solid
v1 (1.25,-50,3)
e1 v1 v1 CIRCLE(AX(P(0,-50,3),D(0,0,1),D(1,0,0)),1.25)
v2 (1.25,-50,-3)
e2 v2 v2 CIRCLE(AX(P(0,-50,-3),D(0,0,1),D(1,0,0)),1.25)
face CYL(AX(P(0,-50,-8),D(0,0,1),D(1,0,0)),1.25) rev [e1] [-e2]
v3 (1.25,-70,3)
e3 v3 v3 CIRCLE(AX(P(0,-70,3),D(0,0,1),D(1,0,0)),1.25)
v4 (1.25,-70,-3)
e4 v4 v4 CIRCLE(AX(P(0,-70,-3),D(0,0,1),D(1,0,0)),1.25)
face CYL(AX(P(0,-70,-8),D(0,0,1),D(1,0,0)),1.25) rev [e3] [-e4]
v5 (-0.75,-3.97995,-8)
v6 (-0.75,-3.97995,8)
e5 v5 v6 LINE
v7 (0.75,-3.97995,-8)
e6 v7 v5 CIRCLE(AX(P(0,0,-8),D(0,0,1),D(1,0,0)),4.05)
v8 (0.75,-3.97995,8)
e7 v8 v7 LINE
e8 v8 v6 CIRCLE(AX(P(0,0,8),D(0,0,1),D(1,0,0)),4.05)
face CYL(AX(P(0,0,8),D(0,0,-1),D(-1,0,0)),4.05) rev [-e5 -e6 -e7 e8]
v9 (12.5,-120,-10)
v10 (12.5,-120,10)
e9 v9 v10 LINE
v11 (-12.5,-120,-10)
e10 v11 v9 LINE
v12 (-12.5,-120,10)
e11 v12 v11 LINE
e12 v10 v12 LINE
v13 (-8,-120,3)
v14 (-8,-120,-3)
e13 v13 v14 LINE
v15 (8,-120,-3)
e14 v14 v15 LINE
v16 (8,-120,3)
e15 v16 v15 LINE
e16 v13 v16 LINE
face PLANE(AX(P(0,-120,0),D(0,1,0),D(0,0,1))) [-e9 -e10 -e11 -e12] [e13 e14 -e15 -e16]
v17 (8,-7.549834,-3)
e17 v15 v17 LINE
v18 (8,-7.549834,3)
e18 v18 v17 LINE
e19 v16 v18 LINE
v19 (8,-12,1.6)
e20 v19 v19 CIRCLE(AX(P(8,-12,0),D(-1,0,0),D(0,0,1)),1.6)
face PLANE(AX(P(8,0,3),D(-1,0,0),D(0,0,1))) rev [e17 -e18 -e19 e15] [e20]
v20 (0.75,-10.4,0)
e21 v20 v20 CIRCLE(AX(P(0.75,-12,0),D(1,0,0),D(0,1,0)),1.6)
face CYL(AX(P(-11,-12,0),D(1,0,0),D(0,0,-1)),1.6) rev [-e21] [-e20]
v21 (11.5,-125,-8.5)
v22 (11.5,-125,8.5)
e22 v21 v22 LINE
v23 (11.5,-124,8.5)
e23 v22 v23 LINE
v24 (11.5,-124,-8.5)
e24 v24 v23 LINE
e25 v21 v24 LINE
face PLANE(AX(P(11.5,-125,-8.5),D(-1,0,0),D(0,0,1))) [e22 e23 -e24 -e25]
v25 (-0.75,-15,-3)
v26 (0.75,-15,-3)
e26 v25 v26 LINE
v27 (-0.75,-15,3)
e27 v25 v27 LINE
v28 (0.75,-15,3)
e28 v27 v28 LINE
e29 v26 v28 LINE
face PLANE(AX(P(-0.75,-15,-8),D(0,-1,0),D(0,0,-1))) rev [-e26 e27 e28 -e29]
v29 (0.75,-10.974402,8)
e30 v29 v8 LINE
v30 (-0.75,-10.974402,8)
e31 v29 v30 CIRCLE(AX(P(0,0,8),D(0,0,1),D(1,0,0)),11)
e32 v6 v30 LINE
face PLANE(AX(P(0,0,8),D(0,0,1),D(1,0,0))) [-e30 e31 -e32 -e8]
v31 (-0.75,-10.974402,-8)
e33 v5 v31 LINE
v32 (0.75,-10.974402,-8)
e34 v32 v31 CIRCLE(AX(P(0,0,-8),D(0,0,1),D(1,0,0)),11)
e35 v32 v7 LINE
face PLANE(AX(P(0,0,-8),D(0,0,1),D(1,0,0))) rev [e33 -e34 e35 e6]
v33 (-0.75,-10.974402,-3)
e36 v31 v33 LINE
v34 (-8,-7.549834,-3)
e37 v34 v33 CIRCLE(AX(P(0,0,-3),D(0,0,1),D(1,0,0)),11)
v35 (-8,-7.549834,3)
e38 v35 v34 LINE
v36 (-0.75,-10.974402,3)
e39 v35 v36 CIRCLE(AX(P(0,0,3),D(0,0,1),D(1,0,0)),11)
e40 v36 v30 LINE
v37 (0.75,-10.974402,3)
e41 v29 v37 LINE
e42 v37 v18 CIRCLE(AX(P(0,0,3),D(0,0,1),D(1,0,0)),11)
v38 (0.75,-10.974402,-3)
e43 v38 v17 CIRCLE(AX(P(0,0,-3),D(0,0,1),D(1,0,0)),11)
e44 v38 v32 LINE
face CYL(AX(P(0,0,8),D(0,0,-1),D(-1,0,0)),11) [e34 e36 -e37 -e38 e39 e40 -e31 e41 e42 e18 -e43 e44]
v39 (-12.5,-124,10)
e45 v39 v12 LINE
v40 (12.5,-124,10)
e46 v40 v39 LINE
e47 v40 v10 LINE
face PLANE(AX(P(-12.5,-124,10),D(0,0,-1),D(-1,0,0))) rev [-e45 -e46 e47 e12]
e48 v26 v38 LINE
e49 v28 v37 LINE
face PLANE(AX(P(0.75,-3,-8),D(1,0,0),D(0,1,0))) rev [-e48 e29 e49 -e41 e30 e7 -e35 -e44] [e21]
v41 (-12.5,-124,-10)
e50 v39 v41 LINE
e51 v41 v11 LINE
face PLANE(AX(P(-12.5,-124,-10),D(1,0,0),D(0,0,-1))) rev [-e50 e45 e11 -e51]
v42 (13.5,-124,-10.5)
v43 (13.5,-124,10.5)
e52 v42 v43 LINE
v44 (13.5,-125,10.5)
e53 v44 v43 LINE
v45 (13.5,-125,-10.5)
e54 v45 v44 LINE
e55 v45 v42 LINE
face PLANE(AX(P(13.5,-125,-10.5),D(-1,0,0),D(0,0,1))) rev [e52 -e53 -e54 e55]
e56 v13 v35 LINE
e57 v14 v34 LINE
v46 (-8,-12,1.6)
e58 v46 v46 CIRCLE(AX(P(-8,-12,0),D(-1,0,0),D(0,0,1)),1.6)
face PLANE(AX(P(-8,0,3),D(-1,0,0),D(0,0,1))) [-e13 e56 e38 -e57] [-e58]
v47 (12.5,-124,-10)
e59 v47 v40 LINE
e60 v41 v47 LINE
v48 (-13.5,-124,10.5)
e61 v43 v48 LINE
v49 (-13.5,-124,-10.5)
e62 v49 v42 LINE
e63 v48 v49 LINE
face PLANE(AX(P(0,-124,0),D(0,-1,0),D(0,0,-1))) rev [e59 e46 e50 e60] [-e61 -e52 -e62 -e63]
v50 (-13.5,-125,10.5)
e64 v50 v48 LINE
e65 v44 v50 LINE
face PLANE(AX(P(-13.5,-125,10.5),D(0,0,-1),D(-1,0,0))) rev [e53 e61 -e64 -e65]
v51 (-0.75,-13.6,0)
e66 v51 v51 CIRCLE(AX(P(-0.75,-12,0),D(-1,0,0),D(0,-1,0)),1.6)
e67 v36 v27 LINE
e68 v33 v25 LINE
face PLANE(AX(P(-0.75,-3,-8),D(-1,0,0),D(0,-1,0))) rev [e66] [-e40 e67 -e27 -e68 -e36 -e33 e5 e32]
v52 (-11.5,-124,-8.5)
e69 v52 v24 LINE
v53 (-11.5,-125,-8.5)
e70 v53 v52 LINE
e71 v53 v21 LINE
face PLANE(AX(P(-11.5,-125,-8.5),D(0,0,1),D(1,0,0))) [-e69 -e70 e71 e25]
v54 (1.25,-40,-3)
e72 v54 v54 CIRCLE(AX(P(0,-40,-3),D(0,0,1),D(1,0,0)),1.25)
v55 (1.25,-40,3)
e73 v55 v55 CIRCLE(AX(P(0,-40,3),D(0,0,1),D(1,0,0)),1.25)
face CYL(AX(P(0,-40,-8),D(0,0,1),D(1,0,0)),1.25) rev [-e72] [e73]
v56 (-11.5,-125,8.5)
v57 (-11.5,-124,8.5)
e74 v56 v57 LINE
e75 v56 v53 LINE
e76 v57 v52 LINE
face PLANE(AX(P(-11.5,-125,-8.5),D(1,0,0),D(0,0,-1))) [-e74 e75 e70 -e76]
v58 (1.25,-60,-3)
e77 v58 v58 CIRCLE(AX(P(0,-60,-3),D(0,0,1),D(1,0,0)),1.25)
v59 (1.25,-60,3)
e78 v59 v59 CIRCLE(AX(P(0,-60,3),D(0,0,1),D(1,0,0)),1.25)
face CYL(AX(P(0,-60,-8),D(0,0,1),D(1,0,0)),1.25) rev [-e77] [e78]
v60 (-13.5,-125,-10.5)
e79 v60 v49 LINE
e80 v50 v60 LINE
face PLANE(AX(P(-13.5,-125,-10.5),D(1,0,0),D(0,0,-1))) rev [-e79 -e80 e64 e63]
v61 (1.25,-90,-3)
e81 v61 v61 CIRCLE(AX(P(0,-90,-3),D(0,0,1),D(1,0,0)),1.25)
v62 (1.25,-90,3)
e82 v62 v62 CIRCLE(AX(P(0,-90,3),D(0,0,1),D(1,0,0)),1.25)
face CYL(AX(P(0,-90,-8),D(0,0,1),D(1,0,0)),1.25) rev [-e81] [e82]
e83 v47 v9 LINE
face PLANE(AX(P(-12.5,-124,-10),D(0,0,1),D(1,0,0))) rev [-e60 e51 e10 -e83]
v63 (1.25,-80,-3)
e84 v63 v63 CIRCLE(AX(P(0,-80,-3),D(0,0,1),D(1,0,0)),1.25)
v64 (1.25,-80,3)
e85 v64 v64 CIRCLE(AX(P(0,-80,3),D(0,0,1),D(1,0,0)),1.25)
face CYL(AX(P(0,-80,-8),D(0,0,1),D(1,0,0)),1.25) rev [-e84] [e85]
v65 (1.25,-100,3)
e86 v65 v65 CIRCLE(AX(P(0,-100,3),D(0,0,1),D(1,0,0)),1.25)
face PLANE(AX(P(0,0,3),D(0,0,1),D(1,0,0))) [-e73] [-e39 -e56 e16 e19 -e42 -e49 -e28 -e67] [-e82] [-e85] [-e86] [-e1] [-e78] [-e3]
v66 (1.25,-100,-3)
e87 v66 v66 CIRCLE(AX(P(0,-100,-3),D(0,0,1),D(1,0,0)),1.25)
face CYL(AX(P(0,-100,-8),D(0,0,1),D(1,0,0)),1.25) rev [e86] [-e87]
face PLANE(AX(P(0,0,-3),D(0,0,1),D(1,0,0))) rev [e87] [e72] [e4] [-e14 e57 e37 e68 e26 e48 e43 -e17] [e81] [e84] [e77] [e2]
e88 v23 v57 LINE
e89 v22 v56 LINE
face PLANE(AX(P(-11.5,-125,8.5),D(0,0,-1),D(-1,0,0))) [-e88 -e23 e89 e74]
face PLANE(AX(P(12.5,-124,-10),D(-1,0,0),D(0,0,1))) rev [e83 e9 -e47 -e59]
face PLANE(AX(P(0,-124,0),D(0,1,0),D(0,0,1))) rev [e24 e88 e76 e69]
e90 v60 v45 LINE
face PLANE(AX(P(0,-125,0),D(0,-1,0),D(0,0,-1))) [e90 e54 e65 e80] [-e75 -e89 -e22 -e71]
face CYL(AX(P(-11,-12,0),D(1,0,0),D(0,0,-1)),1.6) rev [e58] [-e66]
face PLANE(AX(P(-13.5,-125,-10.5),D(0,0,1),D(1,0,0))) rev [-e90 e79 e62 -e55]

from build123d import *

# Parameters (mm, degrees)
SKETCH_5_R               = 11
SKETCH_5_R_2             = 4.05
EXTRUDE_2_DEPTH          = 8
EXTRUDE_4_DEPTH          = 3
CUT_EXTRUDE_2_DEPTH      = 121.768373343
CUT_EXTRUDE_2_DEPTH_BACK = 121.768373343
SKETCH_6_W               = 1.5
SKETCH_6_H               = 12
CUT_EXTRUDE_3_DEPTH      = 121.768373343
CUT_EXTRUDE_3_DEPTH_BACK = 121.768373343
SKETCH_7_R               = 1.6
SKETCH_8_R               = 1.25
CUT_EXTRUDE_4_DEPTH      = 121.768373343
PATTERN_LINEAR_1_COUNT   = 7
PATTERN_LINEAR_1_PITCH   = 10
SKETCH_9_W               = 25
SKETCH_9_H               = 20
EXTRUDE_5_DEPTH          = 4
SKETCH_10_W              = 27
SKETCH_10_H              = 21
SKETCH_10_W_2            = 23
SKETCH_10_H_2            = 17
EXTRUDE_7_DEPTH          = 1


with BuildPart() as part:
    # 草图5 → 凸台-拉伸2 (new, symmetric)
    with BuildSketch(Plane.XY):
        Circle(SKETCH_5_R)
        Circle(SKETCH_5_R_2, mode=Mode.SUBTRACT)
    extrude(amount=EXTRUDE_2_DEPTH, both=True)

    # 草图5<5> → 凸台-拉伸4 (add, symmetric)
    with BuildSketch(Plane.XY):
        with BuildLine():
            Line((-8, -7.549834435), (-8, -120))
            Line((-8, -120), (8, -120))
            Line((8, -120), (8, -7.549834435))
            ThreePointArc((8, -7.549834435), (0, -11), (-8, -7.549834435))
        make_face()
    extrude(amount=EXTRUDE_4_DEPTH, both=True)

    # 草图6 → 切除-拉伸2 (cut, two sides: drawn at the far end of the back side and taken through both)
    with BuildSketch(Plane.XY.offset(-CUT_EXTRUDE_2_DEPTH_BACK)):
        with Locations((0, -9)):
            Rectangle(SKETCH_6_W, SKETCH_6_H)
    extrude(amount=CUT_EXTRUDE_2_DEPTH + CUT_EXTRUDE_2_DEPTH_BACK, mode=Mode.SUBTRACT)

    # 草图7 → 切除-拉伸3 (cut, two sides: drawn at the far end of the back side and taken through both)
    with BuildSketch(Plane(origin=(0, 0, 0), x_dir=(0, 0, -1), z_dir=(1, 0, 0)).offset(-CUT_EXTRUDE_3_DEPTH_BACK)):
        with Locations((0, -12)):
            Circle(SKETCH_7_R)
    extrude(amount=CUT_EXTRUDE_3_DEPTH + CUT_EXTRUDE_3_DEPTH_BACK, mode=Mode.SUBTRACT)

    # 草图8 → 切除-拉伸4 (cut, symmetric)
    with BuildSketch(Plane.XY):
        with Locations((0, -40)):
            Circle(SKETCH_8_R)
    cut_extrude_4 = extrude(amount=CUT_EXTRUDE_4_DEPTH, both=True, mode=Mode.SUBTRACT)

    # 阵列(线性)1: 切除-拉伸4 ×7
    with Locations(*[(0, -i * PATTERN_LINEAR_1_PITCH, 0) for i in range(1, PATTERN_LINEAR_1_COUNT)]):
        add(cut_extrude_4, mode=Mode.SUBTRACT)

    # 草图9 → 凸台-拉伸5 (add)
    with BuildSketch(Plane.XZ.offset(120)):
        Rectangle(SKETCH_9_W, SKETCH_9_H)
    extrude(amount=EXTRUDE_5_DEPTH)

    # 草图10 → 凸台-拉伸7 (add)
    with BuildSketch(Plane.XZ.offset(124)):
        Rectangle(SKETCH_10_W, SKETCH_10_H)
        Rectangle(SKETCH_10_W_2, SKETCH_10_H_2, mode=Mode.SUBTRACT)
    extrude(amount=EXTRUDE_7_DEPTH)


solid = part.part
